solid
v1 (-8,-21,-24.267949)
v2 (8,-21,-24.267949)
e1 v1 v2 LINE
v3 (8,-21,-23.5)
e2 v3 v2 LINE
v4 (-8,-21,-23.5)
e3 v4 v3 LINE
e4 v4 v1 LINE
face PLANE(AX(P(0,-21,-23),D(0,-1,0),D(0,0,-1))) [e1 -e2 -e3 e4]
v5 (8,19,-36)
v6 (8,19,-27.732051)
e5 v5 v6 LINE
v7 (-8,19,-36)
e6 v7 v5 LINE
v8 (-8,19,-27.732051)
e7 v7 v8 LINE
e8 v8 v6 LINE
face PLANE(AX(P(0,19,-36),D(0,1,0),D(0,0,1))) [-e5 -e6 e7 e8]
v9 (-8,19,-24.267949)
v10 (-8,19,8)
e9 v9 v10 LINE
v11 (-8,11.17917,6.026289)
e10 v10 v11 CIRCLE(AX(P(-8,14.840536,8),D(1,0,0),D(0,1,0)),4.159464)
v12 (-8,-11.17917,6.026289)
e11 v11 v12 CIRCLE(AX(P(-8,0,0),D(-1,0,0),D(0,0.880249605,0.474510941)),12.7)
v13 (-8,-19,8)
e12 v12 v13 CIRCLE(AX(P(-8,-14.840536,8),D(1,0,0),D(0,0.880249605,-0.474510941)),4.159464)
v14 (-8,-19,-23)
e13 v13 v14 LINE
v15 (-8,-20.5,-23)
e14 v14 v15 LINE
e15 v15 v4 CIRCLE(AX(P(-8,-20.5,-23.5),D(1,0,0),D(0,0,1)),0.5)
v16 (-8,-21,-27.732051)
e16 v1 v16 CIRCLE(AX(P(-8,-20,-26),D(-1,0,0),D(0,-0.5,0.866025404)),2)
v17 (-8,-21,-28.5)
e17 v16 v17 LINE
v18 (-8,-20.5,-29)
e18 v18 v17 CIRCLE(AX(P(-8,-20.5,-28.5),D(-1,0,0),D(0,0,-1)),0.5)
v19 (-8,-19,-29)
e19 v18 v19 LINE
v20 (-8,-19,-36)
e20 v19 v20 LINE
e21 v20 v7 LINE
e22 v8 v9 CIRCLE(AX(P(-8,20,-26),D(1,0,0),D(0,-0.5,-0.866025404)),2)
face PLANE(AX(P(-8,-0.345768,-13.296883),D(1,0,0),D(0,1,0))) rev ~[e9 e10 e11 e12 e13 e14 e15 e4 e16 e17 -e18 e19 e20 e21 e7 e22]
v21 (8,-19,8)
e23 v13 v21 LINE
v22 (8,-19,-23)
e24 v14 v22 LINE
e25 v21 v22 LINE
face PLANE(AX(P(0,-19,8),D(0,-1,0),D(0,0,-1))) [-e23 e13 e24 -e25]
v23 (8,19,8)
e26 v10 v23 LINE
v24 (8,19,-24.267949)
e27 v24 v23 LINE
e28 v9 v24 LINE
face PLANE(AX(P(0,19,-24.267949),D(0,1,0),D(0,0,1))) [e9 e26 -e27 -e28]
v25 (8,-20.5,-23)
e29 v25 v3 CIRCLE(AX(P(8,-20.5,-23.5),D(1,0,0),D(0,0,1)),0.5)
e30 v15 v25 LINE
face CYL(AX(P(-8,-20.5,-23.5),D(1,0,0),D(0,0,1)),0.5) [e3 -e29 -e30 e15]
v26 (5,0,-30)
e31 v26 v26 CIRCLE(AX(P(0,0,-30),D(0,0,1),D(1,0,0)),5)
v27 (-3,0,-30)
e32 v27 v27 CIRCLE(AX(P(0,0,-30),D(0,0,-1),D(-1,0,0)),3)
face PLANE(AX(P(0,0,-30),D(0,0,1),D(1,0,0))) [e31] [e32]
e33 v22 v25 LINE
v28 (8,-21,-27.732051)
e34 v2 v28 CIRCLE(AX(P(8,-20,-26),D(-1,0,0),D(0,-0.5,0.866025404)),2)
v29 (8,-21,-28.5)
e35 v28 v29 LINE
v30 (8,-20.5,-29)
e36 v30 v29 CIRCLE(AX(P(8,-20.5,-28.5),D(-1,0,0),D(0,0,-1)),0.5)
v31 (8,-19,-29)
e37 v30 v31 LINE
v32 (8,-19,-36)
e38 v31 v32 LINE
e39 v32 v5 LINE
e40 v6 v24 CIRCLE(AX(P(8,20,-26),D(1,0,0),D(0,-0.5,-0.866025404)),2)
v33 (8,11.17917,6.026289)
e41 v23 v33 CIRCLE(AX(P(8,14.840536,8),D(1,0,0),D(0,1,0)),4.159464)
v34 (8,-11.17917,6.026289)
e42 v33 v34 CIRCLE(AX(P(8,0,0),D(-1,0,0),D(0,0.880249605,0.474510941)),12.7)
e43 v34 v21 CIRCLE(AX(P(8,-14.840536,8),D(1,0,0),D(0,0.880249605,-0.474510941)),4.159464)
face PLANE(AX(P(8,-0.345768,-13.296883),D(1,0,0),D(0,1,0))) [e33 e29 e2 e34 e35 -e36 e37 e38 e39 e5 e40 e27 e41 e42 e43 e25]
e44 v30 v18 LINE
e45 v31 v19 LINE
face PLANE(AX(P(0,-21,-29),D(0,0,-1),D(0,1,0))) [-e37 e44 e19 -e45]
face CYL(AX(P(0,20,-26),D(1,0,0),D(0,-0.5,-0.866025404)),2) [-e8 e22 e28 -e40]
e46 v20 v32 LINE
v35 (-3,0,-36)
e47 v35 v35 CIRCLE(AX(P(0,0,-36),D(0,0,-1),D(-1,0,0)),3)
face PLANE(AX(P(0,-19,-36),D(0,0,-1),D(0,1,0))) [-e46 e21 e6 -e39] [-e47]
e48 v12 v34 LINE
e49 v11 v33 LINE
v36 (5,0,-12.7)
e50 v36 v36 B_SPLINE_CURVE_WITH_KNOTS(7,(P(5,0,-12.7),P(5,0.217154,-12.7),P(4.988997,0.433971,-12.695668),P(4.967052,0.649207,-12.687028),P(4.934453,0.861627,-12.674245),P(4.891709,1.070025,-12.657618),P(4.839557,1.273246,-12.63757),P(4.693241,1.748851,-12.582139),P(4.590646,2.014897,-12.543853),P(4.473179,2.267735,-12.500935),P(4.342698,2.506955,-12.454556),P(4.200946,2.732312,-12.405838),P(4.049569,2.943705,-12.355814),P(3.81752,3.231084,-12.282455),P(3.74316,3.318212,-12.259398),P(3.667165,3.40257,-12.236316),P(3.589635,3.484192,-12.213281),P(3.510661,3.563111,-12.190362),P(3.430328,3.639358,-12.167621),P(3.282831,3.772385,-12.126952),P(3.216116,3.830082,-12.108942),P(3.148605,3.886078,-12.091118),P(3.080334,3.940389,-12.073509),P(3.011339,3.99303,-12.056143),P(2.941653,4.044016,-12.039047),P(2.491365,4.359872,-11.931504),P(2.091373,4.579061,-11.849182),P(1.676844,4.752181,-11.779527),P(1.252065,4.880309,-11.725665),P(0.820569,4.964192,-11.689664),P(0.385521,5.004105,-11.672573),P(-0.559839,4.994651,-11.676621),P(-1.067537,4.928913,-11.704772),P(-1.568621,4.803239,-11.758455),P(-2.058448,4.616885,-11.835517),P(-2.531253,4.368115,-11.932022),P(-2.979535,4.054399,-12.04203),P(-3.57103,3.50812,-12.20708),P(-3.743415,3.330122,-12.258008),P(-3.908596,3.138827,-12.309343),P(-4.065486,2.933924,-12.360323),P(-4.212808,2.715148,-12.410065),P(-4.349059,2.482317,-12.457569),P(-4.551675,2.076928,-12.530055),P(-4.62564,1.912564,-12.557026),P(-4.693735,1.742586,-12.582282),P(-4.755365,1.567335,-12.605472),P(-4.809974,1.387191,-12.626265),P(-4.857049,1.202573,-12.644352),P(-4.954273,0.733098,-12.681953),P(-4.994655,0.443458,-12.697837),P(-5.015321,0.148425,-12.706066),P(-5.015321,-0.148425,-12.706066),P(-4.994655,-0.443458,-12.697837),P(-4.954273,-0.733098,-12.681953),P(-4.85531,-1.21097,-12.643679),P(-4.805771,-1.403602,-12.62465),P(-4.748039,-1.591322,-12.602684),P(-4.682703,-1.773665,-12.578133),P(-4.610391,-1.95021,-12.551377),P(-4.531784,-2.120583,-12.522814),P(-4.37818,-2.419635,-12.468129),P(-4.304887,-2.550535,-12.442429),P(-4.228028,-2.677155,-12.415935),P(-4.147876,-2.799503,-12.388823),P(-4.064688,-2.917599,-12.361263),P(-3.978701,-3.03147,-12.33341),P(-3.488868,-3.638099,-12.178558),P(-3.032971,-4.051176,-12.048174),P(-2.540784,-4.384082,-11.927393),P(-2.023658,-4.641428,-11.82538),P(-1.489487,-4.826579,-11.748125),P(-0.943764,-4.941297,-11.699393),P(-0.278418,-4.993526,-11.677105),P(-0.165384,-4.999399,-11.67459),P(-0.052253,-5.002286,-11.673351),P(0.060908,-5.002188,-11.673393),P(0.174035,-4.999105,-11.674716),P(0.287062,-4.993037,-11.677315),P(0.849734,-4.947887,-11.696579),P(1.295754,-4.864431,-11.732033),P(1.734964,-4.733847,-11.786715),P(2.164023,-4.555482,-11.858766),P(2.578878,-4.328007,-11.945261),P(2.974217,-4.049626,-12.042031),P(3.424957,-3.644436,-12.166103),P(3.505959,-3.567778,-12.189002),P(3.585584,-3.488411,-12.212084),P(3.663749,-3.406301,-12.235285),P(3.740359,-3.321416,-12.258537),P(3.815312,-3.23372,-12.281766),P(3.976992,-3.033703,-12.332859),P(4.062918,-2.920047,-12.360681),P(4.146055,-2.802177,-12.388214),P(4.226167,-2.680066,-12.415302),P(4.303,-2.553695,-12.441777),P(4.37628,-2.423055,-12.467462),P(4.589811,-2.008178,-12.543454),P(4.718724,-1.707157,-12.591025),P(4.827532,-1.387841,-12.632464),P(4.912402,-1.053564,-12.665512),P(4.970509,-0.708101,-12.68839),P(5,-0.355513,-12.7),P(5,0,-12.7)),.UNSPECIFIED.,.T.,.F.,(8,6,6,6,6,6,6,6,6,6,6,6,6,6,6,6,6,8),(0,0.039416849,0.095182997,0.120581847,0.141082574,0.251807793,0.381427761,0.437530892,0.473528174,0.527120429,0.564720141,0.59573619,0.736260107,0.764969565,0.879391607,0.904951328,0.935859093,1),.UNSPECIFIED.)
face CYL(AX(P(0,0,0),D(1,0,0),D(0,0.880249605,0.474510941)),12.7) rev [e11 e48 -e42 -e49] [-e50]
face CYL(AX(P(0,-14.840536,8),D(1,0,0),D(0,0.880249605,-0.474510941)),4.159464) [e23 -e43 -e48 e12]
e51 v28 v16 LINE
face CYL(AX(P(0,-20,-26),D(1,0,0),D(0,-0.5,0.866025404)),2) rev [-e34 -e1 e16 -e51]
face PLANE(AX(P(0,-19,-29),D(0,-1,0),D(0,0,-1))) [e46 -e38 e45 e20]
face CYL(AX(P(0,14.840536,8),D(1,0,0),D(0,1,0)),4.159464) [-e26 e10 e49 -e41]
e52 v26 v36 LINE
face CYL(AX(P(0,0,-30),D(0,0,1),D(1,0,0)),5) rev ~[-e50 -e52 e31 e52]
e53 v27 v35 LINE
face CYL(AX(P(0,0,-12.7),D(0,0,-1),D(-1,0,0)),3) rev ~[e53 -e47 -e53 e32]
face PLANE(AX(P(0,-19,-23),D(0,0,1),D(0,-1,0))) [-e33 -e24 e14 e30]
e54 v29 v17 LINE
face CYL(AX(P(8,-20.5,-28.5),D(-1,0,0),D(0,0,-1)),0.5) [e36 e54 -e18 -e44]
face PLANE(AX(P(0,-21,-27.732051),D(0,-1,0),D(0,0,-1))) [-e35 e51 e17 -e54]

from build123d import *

# Parameters (mm, degrees)
F1_DEPTH       = 8
F1_DEPTH_BACK  = 8
F3_D           = 6
F3_START       = 12.7000001
F3_CBORE_D     = 10
F3_CBORE_DEPTH = 17.3
F4_R           = 0.5


with BuildPart() as f1:
    # F0 (on Right) → F1 (new body, two sides)
    with BuildSketch(Plane.YZ) as f1_sk:
        with BuildLine():
            Line((-19, -29), (-19, -36))
            Line((-19, -36), (19, -36))
            Line((19, -36), (19, -27.7320508076))
            ThreePointArc((19, -27.7320508076), (22, -26), (19, -24.2679491924))
            Line((19, -24.2679491924), (19, -16.2))
            Line((19, -16.2), (19, 8))
            ThreePointArc((19, 8), (13.8227400876, 12.0330174031), (11.1791699801, 6.026288954))
            ThreePointArc((11.1791699801, 6.026288954), (0, -12.7), (-11.1791699801, 6.026288954))
            ThreePointArc((-11.1791699801, 6.026288954), (-13.8227400876, 12.0330174031), (-19, 8))
            Line((-19, 8), (-19, -23))
            Line((-19, -23), (-21, -23))
            Line((-21, -23), (-21, -24.2679491924))
            ThreePointArc((-21, -24.2679491924), (-18, -26), (-21, -27.7320508076))
            Line((-21, -27.7320508076), (-21, -29))
            Line((-21, -29), (-19, -29))
        make_face()
    extrude(amount=F1_DEPTH)
    extrude(f1_sk.sketch, amount=-F1_DEPTH_BACK)

    # F3 (through all)
    # its depths count from where the whole tool has entered the part; down to there all is cleared
    with Locations(Plane.XY.offset(-F3_START)):
        with Locations((0, 0)):
            CounterBoreHole(F3_D / 2, F3_CBORE_D / 2, F3_CBORE_DEPTH)

    # F4
    f4_edges = [f1.edges().sort_by_distance(p)[0] for p in [
        (0, -21, -23),
        (0, -21, -29),
    ]]
    fillet(f4_edges, radius=F4_R)


solid = f1.part
